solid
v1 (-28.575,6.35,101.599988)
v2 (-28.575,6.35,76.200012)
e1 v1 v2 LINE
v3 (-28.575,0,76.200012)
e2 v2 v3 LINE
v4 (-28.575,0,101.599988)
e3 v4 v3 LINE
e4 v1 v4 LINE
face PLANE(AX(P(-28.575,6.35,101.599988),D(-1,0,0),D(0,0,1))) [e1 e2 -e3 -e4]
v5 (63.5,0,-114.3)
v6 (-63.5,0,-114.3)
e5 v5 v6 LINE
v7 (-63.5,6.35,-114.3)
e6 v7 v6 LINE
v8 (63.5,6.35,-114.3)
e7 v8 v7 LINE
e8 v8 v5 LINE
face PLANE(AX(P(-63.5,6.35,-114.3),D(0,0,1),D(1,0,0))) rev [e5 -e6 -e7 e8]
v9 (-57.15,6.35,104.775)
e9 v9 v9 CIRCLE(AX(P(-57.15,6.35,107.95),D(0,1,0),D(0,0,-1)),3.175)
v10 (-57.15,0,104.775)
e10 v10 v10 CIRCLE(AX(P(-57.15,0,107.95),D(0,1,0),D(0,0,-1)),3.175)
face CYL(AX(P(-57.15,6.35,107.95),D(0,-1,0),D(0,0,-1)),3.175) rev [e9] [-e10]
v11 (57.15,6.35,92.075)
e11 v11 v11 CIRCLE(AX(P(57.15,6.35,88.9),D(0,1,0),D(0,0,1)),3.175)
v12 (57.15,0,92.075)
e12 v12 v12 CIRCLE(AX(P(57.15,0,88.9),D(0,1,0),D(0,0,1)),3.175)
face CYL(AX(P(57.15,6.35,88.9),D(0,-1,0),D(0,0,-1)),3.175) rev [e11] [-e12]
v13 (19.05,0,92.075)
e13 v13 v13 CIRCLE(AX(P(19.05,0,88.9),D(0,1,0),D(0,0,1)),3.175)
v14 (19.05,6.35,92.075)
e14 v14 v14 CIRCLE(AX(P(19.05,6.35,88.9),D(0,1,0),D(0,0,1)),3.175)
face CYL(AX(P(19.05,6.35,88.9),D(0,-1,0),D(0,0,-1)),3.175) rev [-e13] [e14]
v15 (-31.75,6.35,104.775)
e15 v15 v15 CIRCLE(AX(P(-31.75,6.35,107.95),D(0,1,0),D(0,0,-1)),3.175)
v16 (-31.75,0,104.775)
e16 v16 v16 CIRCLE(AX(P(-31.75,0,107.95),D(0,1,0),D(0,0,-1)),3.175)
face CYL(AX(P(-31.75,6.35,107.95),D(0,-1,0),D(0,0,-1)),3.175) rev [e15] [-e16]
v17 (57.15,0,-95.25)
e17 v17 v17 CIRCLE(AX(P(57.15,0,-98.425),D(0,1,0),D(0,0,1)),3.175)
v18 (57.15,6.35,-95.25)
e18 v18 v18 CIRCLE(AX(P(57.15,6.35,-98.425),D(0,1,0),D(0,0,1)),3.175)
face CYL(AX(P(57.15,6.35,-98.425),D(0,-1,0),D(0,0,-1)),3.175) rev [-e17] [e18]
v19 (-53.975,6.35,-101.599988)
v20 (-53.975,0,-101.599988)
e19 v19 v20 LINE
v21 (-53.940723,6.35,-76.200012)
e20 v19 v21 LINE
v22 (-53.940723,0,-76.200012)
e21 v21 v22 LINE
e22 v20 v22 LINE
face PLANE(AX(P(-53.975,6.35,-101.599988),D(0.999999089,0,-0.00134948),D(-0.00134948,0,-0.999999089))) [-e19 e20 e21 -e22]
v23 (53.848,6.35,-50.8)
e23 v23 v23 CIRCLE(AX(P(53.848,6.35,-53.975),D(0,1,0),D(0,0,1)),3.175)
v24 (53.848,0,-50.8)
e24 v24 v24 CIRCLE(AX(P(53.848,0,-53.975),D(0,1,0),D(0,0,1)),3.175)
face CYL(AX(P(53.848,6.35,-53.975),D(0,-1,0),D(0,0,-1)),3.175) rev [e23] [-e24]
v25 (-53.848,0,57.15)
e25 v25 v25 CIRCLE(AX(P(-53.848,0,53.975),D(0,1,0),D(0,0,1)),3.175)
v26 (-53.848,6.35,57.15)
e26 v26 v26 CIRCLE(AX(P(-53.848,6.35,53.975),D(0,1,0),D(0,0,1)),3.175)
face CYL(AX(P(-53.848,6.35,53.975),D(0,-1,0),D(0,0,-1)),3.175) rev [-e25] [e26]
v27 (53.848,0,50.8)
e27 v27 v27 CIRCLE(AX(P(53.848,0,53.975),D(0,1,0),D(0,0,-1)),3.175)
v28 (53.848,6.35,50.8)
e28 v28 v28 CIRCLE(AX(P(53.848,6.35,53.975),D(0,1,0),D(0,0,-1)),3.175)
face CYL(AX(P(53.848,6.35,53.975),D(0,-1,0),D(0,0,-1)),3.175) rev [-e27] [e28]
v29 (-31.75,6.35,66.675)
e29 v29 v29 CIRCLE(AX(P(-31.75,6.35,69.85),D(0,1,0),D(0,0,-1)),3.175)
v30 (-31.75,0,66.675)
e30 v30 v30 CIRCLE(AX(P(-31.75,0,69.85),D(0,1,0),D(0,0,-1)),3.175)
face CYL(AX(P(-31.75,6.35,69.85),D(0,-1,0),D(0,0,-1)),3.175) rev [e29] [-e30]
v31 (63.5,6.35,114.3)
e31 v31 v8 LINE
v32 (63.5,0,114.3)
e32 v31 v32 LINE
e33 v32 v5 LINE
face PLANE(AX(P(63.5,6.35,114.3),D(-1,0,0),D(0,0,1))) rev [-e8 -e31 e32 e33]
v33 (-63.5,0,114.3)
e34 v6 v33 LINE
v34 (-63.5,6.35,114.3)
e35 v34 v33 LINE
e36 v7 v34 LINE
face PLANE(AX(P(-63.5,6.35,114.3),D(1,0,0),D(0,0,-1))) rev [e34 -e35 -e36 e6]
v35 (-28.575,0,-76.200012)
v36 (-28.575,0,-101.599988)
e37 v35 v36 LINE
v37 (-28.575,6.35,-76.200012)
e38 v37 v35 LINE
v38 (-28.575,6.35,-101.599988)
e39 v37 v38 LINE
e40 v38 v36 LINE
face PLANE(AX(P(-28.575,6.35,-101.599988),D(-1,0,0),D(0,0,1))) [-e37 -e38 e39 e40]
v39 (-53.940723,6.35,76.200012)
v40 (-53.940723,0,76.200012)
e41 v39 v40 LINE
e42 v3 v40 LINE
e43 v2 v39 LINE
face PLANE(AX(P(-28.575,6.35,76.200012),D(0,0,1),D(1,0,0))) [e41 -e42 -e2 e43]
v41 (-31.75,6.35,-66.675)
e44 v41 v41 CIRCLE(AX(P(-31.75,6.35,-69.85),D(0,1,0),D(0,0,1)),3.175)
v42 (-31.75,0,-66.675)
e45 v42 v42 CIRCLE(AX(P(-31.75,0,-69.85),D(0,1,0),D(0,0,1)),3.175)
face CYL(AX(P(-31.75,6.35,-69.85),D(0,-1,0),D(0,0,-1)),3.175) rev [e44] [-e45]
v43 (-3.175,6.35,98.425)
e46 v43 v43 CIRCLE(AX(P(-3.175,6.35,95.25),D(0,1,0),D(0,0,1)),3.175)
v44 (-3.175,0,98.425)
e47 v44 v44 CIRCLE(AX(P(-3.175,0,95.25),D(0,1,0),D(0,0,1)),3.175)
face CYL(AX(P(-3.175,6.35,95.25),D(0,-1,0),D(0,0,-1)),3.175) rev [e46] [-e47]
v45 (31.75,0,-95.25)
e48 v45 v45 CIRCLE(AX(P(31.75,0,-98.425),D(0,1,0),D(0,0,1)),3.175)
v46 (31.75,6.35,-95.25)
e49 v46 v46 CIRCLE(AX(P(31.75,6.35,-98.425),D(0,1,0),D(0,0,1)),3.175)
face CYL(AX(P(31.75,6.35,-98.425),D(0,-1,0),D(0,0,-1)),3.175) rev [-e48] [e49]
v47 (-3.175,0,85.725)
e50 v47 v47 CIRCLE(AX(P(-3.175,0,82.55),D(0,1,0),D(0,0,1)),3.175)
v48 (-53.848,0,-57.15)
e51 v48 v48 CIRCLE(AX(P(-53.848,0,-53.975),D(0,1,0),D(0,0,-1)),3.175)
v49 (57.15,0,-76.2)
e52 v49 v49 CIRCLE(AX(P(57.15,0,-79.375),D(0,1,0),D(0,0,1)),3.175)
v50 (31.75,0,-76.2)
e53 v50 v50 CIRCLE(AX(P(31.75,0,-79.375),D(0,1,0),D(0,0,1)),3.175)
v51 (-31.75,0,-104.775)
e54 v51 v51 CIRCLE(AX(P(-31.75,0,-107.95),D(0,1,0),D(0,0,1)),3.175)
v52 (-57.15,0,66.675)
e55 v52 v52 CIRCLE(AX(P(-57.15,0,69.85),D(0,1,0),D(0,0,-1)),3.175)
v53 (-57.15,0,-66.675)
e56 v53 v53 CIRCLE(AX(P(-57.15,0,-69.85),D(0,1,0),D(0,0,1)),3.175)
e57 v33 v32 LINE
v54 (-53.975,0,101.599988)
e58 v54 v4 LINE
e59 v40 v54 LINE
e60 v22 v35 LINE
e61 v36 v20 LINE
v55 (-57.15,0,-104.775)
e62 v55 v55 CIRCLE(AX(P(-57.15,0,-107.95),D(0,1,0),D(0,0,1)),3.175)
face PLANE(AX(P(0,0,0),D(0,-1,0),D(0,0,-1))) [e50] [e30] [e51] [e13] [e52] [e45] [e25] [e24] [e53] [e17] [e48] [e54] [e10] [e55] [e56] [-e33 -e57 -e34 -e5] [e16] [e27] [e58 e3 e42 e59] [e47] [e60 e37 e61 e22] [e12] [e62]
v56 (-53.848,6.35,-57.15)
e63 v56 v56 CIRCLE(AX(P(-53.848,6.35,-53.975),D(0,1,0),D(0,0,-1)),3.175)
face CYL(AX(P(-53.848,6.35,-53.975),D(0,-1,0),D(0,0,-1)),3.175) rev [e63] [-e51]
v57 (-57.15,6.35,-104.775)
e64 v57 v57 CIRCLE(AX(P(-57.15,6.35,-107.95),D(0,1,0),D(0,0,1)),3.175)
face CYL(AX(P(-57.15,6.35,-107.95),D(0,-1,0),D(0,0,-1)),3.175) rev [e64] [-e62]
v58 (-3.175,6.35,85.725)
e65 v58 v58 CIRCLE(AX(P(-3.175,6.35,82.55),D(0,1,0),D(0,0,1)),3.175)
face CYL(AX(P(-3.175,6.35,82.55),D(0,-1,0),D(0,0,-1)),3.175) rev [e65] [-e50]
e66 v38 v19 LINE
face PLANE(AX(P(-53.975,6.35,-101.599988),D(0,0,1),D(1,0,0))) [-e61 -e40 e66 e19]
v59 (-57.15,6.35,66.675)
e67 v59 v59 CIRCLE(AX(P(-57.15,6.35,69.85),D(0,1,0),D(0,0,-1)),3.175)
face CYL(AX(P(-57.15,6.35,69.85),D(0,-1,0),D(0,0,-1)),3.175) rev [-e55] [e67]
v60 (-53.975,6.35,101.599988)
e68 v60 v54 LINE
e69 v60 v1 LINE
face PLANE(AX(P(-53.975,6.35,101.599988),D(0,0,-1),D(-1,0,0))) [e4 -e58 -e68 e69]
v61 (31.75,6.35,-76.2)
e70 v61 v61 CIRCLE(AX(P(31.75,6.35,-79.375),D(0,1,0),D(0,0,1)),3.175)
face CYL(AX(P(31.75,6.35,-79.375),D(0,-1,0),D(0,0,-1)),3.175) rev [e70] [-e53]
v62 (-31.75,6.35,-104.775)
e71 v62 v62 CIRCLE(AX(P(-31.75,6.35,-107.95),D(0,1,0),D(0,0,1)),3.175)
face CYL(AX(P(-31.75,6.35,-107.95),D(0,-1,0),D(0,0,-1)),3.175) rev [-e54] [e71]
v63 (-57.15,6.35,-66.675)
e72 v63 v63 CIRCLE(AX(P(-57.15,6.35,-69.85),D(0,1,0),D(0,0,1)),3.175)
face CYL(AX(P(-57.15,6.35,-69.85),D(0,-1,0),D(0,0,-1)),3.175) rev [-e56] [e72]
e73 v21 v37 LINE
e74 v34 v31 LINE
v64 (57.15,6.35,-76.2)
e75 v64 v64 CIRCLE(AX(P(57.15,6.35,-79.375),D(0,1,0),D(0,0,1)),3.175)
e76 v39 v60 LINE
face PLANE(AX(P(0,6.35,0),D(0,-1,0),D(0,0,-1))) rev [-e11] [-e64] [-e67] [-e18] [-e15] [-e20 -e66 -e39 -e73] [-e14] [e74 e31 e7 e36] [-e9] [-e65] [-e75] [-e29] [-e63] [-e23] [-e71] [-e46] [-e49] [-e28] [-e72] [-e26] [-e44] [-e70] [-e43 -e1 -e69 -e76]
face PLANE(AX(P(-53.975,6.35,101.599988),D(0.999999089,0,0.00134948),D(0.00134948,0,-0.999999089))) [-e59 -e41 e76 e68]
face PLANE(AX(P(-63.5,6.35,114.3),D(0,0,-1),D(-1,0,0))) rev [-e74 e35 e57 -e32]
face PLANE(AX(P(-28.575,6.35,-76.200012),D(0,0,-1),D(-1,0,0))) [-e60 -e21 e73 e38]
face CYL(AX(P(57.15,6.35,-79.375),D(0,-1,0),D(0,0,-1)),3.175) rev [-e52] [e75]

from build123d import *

# Parameters (mm, degrees)
SKETCH1_W           = 127
SKETCH1_H           = 228.6
SKETCH1_R           = 3.175
BOSS_EXTRUDE1_DEPTH = 6.35


with BuildPart() as part:
    # Sketch1 → Boss-Extrude1 (new body)
    with BuildSketch(Plane(origin=(0, 0, 0), x_dir=(1, 0, 0), z_dir=(0, 1, 0))):
        Rectangle(SKETCH1_W, SKETCH1_H)
        with Locations(Location((-57.15, 107.95, 0), (0, 0, 270))):
            Circle(SKETCH1_R, mode=Mode.SUBTRACT)
        with Locations(Location((-57.15, 69.85, 0), (0, 0, 270))):
            Circle(SKETCH1_R, mode=Mode.SUBTRACT)
        with Locations(Location((-31.75, 107.95, 0), (0, 0, 270))):
            Circle(SKETCH1_R, mode=Mode.SUBTRACT)
        with Locations(Location((-31.75, 69.85, 0), (0, 0, 270))):
            Circle(SKETCH1_R, mode=Mode.SUBTRACT)
        with Locations(Location((-31.75, -69.85, 0), (0, 0, 90))):
            Circle(SKETCH1_R, mode=Mode.SUBTRACT)
        with Locations(Location((-57.15, -69.85, 0), (0, 0, 90))):
            Circle(SKETCH1_R, mode=Mode.SUBTRACT)
        with Locations(Location((-31.75, -107.95, 0), (0, 0, 90))):
            Circle(SKETCH1_R, mode=Mode.SUBTRACT)
        with Locations(Location((-57.15, -107.95, 0), (0, 0, 90))):
            Circle(SKETCH1_R, mode=Mode.SUBTRACT)
        with Locations(Location((57.15, 98.425, 0), (0, 0, 270))):
            Circle(SKETCH1_R, mode=Mode.SUBTRACT)
        with Locations(Location((31.75, 98.425, 0), (0, 0, 270))):
            Circle(SKETCH1_R, mode=Mode.SUBTRACT)
        with Locations(Location((57.15, 79.375, 0), (0, 0, 270))):
            Circle(SKETCH1_R, mode=Mode.SUBTRACT)
        with Locations(Location((31.75, 79.375, 0), (0, 0, 270))):
            Circle(SKETCH1_R, mode=Mode.SUBTRACT)
        with Locations(Location((57.15, -88.9, 0), (0, 0, 270))):
            Circle(SKETCH1_R, mode=Mode.SUBTRACT)
        with Locations(Location((19.05, -88.9, 0), (0, 0, 270))):
            Circle(SKETCH1_R, mode=Mode.SUBTRACT)
        with Locations(Location((-53.848, -53.975, 0), (0, 0, 270))):
            Circle(SKETCH1_R, mode=Mode.SUBTRACT)
        with Locations(Location((-53.848, 53.975, 0), (0, 0, 90))):
            Circle(SKETCH1_R, mode=Mode.SUBTRACT)
        with Locations(Location((53.848, -53.975, 0), (0, 0, 90))):
            Circle(SKETCH1_R, mode=Mode.SUBTRACT)
        with Locations(Location((53.848, 53.975, 0), (0, 0, 270))):
            Circle(SKETCH1_R, mode=Mode.SUBTRACT)
        with Locations(Location((-3.175, -82.55, 0), (0, 0, 270))):
            Circle(SKETCH1_R, mode=Mode.SUBTRACT)
        with Locations(Location((-3.175, -95.25, 0), (0, 0, 270))):
            Circle(SKETCH1_R, mode=Mode.SUBTRACT)
        Polygon((-53.975, -101.599988436), (-53.940723216, -76.200011564), (-28.575, -76.200011564), (-28.575, -101.599988436), align=None, mode=Mode.SUBTRACT)
        Polygon((-53.975, 101.599988436), (-53.940723216, 76.200011564), (-28.575, 76.200011564), (-28.575, 101.599988436), align=None, mode=Mode.SUBTRACT)
    extrude(amount=BOSS_EXTRUDE1_DEPTH)


solid = part.part
